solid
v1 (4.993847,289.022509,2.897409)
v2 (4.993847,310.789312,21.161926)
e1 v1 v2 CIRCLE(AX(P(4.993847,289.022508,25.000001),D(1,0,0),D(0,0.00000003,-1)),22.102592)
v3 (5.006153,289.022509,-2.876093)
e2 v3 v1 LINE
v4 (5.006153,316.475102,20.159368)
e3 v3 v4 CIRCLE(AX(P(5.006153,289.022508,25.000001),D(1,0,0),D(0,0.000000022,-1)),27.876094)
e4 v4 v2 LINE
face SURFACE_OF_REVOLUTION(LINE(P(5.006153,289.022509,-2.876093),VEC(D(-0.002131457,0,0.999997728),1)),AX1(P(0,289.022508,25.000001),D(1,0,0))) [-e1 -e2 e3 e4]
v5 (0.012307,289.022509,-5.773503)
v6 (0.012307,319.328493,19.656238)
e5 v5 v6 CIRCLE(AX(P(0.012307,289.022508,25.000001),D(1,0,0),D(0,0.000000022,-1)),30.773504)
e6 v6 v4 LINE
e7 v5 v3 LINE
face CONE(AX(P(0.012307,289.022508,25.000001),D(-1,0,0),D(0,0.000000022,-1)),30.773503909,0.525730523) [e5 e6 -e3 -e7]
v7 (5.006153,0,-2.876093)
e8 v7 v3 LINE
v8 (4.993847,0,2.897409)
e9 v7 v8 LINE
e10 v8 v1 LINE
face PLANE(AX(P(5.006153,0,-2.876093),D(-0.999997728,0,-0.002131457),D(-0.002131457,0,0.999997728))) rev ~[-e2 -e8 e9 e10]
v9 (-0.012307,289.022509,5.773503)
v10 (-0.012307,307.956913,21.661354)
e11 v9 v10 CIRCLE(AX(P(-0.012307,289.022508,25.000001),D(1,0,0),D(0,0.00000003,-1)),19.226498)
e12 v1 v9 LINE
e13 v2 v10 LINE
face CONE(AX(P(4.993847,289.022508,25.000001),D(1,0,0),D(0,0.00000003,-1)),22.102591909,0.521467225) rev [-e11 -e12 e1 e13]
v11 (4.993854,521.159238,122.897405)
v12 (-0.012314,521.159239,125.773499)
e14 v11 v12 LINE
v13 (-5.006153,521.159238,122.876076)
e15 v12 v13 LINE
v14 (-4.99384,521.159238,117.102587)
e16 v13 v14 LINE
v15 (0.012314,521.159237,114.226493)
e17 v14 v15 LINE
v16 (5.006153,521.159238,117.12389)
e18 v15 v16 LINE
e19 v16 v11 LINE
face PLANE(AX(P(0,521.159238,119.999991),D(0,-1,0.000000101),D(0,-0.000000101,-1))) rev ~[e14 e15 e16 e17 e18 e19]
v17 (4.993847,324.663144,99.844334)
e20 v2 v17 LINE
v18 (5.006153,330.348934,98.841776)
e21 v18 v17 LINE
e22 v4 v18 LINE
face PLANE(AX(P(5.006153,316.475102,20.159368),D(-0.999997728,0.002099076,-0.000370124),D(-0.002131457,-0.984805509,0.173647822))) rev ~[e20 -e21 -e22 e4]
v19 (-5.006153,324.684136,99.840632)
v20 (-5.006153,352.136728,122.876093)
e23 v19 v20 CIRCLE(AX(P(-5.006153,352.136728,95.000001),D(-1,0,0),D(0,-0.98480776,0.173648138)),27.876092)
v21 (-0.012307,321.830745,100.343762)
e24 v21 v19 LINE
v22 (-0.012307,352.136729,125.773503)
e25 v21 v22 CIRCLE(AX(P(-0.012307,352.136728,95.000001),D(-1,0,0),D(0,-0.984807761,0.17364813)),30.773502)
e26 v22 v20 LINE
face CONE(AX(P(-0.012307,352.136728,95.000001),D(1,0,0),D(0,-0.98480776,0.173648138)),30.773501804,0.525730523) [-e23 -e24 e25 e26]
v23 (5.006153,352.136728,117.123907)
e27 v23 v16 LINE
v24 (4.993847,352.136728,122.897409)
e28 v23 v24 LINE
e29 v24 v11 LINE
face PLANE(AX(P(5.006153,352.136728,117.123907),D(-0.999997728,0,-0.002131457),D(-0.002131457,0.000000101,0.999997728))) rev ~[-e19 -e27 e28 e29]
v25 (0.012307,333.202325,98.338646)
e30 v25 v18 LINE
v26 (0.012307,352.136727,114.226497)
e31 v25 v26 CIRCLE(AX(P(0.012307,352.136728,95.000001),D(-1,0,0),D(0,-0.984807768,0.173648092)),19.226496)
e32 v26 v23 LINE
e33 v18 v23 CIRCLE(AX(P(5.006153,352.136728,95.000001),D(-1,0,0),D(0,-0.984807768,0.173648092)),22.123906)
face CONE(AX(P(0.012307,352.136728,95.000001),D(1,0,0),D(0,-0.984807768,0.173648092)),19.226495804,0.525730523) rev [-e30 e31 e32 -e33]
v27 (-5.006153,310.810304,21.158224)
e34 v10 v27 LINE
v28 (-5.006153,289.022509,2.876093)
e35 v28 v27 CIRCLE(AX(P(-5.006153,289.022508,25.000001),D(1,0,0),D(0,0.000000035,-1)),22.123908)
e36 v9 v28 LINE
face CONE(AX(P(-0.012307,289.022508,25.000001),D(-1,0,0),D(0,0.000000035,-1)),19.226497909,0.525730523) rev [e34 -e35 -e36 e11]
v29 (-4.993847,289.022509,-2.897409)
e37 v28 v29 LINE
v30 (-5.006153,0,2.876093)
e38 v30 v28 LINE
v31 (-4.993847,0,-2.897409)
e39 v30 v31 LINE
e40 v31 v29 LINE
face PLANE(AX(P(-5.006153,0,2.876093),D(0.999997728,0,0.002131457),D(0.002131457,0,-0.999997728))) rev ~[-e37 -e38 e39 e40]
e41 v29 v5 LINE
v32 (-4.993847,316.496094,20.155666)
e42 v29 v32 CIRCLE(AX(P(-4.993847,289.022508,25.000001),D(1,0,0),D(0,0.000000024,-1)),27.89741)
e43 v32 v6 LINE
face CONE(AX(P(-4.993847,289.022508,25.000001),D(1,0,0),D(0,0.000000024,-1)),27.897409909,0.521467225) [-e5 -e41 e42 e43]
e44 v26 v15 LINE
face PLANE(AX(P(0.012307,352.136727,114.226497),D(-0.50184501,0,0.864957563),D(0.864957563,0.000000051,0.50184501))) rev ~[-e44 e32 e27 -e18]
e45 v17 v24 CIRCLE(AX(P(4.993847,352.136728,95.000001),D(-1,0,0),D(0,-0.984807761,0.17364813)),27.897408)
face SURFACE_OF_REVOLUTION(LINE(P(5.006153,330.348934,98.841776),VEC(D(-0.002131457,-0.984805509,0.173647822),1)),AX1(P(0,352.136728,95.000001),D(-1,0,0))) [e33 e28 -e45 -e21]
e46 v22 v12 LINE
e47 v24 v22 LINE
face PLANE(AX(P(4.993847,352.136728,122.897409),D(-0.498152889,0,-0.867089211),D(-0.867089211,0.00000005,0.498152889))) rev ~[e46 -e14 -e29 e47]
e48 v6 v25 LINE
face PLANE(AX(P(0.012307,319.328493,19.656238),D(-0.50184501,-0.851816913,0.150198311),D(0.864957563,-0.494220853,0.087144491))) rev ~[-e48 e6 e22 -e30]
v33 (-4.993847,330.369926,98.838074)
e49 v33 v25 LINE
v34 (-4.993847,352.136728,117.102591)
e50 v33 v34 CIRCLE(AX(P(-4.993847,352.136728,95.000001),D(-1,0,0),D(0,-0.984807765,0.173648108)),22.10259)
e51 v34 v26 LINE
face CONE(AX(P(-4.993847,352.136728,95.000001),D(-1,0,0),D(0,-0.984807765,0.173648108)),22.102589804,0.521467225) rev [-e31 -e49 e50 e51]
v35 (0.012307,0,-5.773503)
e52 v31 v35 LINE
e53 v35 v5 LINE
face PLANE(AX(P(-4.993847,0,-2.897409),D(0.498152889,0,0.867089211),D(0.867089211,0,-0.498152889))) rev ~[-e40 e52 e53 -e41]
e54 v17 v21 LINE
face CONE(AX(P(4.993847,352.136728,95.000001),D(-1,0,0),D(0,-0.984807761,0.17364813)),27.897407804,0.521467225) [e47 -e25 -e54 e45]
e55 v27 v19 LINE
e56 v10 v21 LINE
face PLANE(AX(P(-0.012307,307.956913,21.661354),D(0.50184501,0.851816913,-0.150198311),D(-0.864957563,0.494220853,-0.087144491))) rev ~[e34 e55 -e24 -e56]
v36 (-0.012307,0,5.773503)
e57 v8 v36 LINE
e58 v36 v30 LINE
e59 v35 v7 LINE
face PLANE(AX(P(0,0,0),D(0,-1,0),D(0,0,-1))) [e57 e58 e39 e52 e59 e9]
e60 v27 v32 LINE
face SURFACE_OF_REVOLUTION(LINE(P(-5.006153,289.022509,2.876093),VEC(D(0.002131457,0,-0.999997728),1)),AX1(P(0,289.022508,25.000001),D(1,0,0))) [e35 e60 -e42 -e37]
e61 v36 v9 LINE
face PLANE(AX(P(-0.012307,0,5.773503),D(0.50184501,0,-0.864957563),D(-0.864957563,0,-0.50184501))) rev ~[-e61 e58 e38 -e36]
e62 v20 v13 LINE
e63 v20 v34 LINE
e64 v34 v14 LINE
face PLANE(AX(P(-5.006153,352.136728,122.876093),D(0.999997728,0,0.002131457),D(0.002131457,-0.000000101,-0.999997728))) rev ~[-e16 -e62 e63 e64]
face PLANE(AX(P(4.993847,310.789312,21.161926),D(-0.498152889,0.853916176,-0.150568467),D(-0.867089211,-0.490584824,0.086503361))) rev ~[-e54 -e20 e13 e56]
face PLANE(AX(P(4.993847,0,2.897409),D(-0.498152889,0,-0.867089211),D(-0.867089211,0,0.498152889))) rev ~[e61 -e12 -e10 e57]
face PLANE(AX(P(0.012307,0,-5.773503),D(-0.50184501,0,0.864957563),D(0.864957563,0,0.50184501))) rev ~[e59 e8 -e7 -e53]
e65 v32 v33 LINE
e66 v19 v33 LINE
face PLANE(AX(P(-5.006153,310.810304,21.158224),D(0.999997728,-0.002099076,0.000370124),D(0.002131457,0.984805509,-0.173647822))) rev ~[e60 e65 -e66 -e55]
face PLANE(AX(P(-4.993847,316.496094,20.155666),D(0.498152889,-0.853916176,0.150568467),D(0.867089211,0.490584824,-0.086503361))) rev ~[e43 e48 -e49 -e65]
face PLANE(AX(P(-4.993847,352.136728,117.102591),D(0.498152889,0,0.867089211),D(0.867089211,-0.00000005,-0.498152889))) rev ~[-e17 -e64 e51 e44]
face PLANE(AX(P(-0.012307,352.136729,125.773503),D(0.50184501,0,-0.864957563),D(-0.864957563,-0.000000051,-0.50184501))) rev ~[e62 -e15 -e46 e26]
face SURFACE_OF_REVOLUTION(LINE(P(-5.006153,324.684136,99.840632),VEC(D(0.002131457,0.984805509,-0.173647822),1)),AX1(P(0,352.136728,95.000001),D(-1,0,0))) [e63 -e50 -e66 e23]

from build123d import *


with BuildPart() as f2:
    # F2: sweep along a path in F1
    with BuildLine(Plane.YZ) as f2_path:
        Line((0, 0), (289.022509, 0))
        ThreePointArc((289.022509, 0), (305.092199, 5.848889), (313.642703, 20.658796))
        Line((313.642703, 20.658796), (327.516535, 99.341204))
        ThreePointArc((327.516535, 99.341204), (336.067038, 114.151111), (352.136728, 120))
        Line((352.136728, 120), (521.159238, 120))
    # F0 (on Front) → F2 (sweep)
    with BuildSketch(Plane.XZ):
        Polygon((0.012307, -5.773503), (5.006153, -2.876093), (4.993847, 2.897409), (-0.012307, 5.773503), (-5.006153, 2.876093), (-4.993847, -2.897409), align=None)
    sweep(path=f2_path.line)


solid = f2.part
